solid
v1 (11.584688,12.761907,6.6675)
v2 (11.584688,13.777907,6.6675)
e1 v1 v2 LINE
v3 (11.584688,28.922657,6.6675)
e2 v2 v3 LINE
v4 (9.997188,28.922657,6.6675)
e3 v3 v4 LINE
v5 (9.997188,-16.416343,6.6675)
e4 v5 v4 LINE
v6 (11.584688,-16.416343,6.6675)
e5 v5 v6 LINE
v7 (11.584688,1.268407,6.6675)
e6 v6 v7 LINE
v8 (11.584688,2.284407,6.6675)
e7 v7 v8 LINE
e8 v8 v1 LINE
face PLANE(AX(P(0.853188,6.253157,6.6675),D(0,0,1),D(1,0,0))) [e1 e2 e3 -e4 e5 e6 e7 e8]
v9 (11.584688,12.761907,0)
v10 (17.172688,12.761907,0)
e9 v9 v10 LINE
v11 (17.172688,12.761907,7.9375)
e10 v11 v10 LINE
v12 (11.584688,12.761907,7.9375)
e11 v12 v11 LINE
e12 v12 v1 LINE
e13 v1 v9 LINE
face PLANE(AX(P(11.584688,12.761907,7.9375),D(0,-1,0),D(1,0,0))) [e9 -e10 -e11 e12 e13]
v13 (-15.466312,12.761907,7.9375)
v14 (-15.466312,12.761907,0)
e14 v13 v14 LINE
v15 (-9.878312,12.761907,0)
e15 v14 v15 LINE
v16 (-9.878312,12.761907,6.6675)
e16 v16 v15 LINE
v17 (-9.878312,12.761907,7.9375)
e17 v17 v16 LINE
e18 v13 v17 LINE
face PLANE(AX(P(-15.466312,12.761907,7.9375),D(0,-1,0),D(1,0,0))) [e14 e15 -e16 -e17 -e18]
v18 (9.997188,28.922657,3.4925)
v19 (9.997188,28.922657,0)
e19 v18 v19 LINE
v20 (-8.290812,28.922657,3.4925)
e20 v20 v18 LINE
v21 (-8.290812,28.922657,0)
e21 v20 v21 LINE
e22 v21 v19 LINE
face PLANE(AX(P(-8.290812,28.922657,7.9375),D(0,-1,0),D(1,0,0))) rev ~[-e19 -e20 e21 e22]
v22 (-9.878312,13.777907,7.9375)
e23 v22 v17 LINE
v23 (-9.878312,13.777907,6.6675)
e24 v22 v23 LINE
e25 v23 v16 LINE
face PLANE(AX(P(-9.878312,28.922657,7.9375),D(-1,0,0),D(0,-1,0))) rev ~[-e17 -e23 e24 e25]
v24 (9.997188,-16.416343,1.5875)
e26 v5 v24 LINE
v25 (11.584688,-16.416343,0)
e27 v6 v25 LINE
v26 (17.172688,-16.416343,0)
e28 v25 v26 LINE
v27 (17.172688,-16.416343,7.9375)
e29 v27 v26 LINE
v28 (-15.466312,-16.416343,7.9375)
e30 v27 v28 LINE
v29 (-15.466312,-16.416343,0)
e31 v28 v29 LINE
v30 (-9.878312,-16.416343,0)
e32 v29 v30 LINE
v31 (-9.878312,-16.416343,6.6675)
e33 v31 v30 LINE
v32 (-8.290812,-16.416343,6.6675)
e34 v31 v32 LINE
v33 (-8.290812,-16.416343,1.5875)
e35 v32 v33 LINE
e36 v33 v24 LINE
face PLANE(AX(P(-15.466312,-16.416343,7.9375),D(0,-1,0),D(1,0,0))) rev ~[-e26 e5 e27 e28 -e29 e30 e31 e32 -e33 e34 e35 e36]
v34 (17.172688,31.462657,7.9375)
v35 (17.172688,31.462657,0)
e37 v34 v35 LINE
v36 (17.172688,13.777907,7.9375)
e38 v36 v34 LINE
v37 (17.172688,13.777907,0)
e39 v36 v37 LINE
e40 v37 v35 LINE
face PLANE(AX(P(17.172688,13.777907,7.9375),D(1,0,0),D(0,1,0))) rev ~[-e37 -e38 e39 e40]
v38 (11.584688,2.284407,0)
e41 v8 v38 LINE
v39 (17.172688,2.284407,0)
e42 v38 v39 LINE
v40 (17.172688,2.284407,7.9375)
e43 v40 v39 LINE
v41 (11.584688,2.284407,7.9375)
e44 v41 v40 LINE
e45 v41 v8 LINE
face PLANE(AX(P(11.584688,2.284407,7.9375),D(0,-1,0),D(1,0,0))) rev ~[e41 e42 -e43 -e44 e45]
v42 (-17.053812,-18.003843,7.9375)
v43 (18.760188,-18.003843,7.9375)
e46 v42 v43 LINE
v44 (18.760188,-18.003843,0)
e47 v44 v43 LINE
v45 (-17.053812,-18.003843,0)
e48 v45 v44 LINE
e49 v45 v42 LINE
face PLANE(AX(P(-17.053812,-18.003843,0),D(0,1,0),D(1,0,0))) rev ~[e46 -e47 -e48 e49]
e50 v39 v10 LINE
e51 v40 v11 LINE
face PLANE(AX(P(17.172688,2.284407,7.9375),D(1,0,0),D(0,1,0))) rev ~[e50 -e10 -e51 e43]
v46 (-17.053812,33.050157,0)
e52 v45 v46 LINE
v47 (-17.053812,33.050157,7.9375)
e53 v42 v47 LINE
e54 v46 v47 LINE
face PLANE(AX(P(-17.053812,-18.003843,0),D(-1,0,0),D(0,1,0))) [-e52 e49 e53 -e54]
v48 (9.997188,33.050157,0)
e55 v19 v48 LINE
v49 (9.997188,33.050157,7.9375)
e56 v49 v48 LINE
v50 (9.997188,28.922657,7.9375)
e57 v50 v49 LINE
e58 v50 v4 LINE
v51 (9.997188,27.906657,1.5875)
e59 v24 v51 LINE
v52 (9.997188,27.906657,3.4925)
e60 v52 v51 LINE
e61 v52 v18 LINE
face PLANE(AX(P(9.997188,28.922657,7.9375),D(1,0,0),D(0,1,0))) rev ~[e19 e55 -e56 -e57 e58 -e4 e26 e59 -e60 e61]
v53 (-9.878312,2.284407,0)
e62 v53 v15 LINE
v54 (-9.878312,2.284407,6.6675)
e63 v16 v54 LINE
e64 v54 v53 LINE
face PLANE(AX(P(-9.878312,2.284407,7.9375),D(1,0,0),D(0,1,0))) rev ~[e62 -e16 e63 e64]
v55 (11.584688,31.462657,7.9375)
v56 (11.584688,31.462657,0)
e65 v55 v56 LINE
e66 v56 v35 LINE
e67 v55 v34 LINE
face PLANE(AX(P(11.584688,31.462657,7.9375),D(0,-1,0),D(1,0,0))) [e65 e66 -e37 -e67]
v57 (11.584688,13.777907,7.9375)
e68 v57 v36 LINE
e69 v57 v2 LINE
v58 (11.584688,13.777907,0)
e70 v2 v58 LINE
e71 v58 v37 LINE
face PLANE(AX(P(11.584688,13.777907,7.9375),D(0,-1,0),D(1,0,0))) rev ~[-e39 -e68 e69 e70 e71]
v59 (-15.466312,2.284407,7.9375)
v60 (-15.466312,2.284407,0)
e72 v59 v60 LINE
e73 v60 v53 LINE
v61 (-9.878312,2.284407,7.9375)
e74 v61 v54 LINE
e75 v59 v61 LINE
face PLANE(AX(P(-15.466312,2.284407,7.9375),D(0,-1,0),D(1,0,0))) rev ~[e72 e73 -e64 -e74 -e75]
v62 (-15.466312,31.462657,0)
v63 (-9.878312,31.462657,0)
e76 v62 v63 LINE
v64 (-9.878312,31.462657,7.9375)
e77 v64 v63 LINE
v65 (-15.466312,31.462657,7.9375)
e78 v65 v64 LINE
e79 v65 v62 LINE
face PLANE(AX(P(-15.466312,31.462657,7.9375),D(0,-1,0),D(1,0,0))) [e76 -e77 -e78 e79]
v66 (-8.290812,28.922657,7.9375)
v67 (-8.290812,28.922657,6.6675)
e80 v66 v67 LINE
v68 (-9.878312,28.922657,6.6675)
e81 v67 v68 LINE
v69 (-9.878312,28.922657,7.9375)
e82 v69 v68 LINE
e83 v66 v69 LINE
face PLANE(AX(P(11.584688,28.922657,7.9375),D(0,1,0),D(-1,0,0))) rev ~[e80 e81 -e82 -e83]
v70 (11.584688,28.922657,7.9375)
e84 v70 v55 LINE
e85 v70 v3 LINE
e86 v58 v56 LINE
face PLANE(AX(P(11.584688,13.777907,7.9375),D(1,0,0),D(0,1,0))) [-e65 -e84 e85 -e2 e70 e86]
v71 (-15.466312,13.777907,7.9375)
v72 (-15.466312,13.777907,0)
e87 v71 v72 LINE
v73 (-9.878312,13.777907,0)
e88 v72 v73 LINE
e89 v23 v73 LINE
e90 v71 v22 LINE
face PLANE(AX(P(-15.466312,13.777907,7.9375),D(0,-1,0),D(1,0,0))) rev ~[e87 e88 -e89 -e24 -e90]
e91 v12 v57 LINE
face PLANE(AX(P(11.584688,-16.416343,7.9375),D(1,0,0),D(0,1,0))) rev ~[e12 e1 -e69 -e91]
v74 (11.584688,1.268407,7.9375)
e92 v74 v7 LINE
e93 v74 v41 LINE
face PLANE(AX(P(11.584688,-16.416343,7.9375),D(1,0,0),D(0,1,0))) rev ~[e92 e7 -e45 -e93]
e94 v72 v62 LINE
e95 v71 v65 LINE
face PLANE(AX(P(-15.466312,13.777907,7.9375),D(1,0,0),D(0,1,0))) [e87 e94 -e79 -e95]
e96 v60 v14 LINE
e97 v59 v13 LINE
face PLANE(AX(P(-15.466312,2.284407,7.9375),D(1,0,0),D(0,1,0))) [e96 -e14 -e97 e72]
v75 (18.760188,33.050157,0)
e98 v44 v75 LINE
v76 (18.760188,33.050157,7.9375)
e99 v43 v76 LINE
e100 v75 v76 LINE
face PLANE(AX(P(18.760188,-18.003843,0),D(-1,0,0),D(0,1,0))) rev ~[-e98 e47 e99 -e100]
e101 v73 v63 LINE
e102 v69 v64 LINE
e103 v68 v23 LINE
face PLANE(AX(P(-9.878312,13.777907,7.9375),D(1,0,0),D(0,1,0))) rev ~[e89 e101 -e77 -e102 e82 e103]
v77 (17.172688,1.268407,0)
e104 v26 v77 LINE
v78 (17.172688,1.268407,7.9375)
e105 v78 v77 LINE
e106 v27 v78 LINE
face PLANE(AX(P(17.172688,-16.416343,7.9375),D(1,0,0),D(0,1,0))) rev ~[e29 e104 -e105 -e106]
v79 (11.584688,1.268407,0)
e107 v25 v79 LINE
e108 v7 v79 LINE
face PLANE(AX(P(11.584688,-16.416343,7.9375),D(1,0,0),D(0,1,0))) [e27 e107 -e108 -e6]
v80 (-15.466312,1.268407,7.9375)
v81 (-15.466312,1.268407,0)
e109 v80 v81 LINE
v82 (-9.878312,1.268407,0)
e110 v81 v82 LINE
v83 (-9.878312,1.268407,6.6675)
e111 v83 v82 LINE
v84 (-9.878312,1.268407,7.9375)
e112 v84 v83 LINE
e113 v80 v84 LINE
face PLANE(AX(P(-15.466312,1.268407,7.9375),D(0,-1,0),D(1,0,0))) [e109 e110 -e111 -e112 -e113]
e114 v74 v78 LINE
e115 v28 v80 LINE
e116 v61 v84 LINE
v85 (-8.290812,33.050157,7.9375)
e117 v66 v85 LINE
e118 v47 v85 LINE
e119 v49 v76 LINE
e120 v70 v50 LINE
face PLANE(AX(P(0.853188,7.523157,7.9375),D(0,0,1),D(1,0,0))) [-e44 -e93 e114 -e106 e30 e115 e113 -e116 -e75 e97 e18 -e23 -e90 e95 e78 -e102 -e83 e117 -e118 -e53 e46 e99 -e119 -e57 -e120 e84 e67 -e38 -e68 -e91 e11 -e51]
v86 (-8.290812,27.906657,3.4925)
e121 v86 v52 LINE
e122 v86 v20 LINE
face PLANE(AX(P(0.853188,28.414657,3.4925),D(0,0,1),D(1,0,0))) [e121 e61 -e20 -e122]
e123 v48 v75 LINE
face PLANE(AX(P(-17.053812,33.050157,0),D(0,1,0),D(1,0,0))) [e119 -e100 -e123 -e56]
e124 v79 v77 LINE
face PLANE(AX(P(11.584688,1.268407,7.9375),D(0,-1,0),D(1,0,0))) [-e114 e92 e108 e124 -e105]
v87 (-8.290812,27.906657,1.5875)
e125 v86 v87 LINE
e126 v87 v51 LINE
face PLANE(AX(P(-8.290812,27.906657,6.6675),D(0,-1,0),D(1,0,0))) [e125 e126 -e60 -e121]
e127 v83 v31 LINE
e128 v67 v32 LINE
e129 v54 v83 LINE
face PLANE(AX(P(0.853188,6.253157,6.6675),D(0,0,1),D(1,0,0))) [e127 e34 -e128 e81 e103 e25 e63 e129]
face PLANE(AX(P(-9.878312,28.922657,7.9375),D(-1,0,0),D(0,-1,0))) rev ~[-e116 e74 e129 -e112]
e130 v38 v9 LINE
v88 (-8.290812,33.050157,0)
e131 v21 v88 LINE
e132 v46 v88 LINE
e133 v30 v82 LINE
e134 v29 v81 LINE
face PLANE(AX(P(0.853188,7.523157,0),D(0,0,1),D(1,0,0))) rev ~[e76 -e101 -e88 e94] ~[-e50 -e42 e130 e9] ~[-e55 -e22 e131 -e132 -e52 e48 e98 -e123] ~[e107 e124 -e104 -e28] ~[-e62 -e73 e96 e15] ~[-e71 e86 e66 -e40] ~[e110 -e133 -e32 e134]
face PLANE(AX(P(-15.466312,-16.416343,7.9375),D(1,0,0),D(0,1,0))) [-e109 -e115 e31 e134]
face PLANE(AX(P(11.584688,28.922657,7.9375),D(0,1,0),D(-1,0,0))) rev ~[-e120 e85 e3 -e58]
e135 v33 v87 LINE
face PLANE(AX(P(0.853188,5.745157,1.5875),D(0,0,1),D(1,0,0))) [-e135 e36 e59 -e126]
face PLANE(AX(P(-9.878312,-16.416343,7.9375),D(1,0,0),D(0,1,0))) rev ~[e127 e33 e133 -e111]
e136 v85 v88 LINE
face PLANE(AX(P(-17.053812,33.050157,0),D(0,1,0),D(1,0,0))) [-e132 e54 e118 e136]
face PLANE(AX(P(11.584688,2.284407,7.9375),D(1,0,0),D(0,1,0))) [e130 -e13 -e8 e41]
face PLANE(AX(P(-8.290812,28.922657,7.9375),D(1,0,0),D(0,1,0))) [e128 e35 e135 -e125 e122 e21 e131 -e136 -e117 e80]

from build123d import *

# Parameters (mm, degrees)
F0_W      = 35.814
F0_H      = 51.054
F1_DEPTH  = 7.9375
F2_W      = 5.588
F2_H      = 17.68475
F2_H_2    = 10.4775
F3_DEPTH  = 25.4
F5_DEPTH  = 1.27
F6_W      = 18.288
F6_H      = 44.323
F7_DEPTH  = 5.08
F8_W      = 18.288
F8_H      = 4.1275
F9_DEPTH  = 25.4
F10_W     = 18.288
F10_H     = 1.016
F11_DEPTH = 3.175


with BuildPart() as f1:
    # F0 (on Top) → F1 (new body)
    with BuildSketch(Plane.XY):
        with Locations((0.853188, 7.523157)):
            Rectangle(F0_W, F0_H)
    extrude(amount=F1_DEPTH)

    # F2 (on face) → F3 (cut)
    with BuildSketch(Plane.XY.offset(7.9375)):
        with Locations((-12.672312, 22.620282)):
            Rectangle(F2_W, F2_H)
        with Locations((-12.672312, 7.523157)):
            Rectangle(F2_W, F2_H_2)
        with Locations((-12.672312, -7.573968)):
            Rectangle(F2_W, F2_H)
        with Locations((14.378688, -7.573968)):
            Rectangle(F2_W, F2_H)
        with Locations((14.378688, 7.523157)):
            Rectangle(F2_W, F2_H_2)
        with Locations((14.378688, 22.620282)):
            Rectangle(F2_W, F2_H)
    extrude(amount=-F3_DEPTH, mode=Mode.SUBTRACT)

    # F4 (on face) → F5 (cut)
    with BuildSketch(Plane.XY.offset(7.9375)):
        Polygon((11.584688, 28.922657), (-9.878312, 28.922657), (-9.878312, 13.777907), (-9.878312, 12.761907), (-9.878312, 2.284407), (-9.878312, 1.268407), (-9.878312, -16.416343), (11.584688, -16.416343), (11.584688, 1.268407), (11.584688, 2.284407), (11.584688, 12.761907), (11.584688, 13.777907), align=None)
    extrude(amount=-F5_DEPTH, mode=Mode.SUBTRACT)

    # F6 (on face) → F7 (cut)
    with BuildSketch(Plane.XY.offset(6.6675)):
        with Locations((0.853188, 5.745157)):
            Rectangle(F6_W, F6_H)
    extrude(amount=-F7_DEPTH, mode=Mode.SUBTRACT)

    # F8 (on face) → F9 (cut)
    with BuildSketch(Plane.XY.offset(7.9375)):
        with Locations((0.853188, 30.986407)):
            Rectangle(F8_W, F8_H)
    extrude(amount=-F9_DEPTH, mode=Mode.SUBTRACT)

    # F10 (on face) → F11 (cut)
    with BuildSketch(Plane.XY.offset(6.6675)):
        with Locations((0.853188, 28.414657)):
            Rectangle(F10_W, F10_H)
    extrude(amount=-F11_DEPTH, mode=Mode.SUBTRACT)


solid = f1.part
